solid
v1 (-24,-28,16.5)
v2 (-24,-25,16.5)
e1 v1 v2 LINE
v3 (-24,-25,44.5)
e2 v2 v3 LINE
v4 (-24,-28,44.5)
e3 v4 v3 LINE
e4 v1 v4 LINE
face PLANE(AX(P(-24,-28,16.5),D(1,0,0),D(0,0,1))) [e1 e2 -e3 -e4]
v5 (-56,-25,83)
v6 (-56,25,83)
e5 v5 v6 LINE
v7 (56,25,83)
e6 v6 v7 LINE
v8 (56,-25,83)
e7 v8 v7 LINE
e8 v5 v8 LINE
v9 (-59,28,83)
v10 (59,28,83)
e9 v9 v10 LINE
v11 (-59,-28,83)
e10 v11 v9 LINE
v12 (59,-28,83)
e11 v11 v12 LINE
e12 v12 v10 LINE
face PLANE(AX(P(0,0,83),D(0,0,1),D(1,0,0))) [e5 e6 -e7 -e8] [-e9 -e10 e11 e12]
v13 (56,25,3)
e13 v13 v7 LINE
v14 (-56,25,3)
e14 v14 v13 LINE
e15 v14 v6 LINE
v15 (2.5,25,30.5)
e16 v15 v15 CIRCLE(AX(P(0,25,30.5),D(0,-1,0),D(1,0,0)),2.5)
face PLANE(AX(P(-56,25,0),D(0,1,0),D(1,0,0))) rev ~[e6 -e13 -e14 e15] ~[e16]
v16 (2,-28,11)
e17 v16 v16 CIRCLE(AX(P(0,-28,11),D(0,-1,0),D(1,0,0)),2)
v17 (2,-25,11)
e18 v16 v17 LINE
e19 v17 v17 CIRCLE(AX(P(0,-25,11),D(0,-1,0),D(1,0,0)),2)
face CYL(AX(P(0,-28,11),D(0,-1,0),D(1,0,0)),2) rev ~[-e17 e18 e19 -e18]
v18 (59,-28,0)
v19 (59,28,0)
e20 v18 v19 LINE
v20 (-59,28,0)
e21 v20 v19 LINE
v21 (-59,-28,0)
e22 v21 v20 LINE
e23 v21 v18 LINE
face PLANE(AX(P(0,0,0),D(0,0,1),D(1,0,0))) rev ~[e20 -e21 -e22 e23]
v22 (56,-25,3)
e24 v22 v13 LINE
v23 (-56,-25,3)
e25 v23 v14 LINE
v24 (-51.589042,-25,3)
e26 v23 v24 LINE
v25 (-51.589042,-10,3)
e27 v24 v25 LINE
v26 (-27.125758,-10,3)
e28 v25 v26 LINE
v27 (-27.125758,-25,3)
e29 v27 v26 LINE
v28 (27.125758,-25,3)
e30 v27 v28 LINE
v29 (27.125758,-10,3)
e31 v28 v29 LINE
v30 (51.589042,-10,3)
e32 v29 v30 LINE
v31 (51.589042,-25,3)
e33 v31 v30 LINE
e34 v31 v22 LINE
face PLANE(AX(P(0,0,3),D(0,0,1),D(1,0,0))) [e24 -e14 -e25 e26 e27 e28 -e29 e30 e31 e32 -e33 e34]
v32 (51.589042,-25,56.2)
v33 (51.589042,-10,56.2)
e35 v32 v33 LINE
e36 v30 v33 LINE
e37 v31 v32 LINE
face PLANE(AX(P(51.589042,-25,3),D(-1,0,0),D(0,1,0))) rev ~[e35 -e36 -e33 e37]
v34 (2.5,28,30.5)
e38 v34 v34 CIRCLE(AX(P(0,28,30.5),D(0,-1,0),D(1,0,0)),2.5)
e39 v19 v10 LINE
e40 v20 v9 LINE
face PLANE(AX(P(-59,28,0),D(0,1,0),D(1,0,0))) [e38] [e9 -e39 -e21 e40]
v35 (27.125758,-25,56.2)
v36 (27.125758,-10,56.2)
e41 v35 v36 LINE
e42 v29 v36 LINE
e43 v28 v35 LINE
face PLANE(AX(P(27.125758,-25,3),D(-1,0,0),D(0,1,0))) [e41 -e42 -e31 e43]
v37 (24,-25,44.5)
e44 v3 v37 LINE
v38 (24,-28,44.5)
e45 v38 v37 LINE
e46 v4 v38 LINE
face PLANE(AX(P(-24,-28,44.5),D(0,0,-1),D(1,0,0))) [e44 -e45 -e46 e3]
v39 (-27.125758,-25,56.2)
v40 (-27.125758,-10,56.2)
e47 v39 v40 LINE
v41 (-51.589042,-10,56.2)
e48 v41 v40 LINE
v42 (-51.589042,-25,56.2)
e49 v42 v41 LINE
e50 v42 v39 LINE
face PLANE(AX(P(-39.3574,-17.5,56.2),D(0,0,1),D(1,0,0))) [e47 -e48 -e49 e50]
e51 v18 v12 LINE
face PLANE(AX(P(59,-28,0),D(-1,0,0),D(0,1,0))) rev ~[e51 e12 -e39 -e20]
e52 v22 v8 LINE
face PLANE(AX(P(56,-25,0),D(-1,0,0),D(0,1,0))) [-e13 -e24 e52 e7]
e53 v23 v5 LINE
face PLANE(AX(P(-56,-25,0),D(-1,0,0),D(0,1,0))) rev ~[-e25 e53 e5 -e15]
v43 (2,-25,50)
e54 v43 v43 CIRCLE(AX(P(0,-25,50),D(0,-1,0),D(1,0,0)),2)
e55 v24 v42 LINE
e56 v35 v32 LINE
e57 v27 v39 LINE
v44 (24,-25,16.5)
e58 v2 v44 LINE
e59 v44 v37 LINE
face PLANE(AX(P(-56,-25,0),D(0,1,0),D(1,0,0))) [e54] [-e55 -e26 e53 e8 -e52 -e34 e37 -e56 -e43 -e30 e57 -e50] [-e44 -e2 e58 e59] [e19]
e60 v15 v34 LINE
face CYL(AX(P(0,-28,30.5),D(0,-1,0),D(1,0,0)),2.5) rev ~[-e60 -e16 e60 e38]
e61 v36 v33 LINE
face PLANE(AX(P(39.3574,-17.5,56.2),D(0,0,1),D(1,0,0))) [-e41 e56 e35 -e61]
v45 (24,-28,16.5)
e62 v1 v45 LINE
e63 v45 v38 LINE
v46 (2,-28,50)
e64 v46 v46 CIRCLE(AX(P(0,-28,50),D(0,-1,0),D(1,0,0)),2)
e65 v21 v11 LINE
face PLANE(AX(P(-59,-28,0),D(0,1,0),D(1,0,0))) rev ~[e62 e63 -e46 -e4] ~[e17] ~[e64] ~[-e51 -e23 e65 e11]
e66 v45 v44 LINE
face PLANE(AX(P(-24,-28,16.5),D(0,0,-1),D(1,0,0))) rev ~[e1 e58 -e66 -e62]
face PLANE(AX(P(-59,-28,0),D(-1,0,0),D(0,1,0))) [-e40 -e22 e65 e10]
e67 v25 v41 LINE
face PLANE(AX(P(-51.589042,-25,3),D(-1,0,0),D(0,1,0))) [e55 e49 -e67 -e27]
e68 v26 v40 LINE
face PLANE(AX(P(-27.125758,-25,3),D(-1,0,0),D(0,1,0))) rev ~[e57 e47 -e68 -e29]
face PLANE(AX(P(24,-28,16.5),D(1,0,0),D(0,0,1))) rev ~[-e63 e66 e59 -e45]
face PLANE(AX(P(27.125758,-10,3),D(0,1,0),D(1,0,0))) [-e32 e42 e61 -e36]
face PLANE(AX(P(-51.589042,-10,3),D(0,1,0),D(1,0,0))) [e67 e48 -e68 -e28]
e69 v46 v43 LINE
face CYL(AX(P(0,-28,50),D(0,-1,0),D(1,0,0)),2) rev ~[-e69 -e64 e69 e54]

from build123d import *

# Parameters (mm, degrees)
F0_W     = 112
F0_H     = 50
F1_DEPTH = 3
F0_W_2   = 118
F0_H_2   = 56
F2_DEPTH = 83
F3_W     = 48
F3_H     = 28
F3_R     = 2.5
F4_DEPTH = 3
F3_R_2   = 2
F5_DEPTH = 3
F6_DEPTH = 76.6
F7_W     = 24.463284
F7_H     = 15
F8_DEPTH = 53.2


with BuildPart() as f1:
    # F0 (on Top) → F1 (new body)
    with BuildSketch(Plane.XY):
        Rectangle(F0_W, F0_H)
    extrude(amount=F1_DEPTH)

    # F0 (on Top) → F2 (join)
    with BuildSketch(Plane.XY):
        Rectangle(F0_W_2, F0_H_2)
        Rectangle(F0_W, F0_H, mode=Mode.SUBTRACT)
    extrude(amount=F2_DEPTH)

    # F3 (on face) → F4 (cut)
    with BuildSketch(Plane.XZ.offset(28)):
        with Locations((0, 30.5)):
            Rectangle(F3_W, F3_H)
        with Locations((0, 30.5)):
            Circle(F3_R, mode=Mode.SUBTRACT)
        with Locations((0, 30.5)):
            Circle(F3_R)
    extrude(amount=-F4_DEPTH, mode=Mode.SUBTRACT)

    # F3 (on face) → F5 (cut)
    with BuildSketch(Plane.XZ.offset(28)):
        with Locations((0, 50)):
            Circle(F3_R_2)
        with Locations((0, 11)):
            Circle(F3_R_2)
    extrude(amount=-F5_DEPTH, mode=Mode.SUBTRACT)

    # F3 (on face) → F6 (cut)
    with BuildSketch(Plane.XZ.offset(28)):
        with Locations((0, 30.5)):
            Circle(F3_R)
    extrude(amount=-F6_DEPTH, mode=Mode.SUBTRACT)

    # F7 (on face) → F8 (join)
    with BuildSketch(Plane.XY.offset(3)):
        with Locations((-39.3574, -17.5)):
            Rectangle(F7_W, F7_H)
        with Locations((39.3574, -17.5)):
            Rectangle(F7_W, F7_H)
    extrude(amount=F8_DEPTH)


solid = f1.part
